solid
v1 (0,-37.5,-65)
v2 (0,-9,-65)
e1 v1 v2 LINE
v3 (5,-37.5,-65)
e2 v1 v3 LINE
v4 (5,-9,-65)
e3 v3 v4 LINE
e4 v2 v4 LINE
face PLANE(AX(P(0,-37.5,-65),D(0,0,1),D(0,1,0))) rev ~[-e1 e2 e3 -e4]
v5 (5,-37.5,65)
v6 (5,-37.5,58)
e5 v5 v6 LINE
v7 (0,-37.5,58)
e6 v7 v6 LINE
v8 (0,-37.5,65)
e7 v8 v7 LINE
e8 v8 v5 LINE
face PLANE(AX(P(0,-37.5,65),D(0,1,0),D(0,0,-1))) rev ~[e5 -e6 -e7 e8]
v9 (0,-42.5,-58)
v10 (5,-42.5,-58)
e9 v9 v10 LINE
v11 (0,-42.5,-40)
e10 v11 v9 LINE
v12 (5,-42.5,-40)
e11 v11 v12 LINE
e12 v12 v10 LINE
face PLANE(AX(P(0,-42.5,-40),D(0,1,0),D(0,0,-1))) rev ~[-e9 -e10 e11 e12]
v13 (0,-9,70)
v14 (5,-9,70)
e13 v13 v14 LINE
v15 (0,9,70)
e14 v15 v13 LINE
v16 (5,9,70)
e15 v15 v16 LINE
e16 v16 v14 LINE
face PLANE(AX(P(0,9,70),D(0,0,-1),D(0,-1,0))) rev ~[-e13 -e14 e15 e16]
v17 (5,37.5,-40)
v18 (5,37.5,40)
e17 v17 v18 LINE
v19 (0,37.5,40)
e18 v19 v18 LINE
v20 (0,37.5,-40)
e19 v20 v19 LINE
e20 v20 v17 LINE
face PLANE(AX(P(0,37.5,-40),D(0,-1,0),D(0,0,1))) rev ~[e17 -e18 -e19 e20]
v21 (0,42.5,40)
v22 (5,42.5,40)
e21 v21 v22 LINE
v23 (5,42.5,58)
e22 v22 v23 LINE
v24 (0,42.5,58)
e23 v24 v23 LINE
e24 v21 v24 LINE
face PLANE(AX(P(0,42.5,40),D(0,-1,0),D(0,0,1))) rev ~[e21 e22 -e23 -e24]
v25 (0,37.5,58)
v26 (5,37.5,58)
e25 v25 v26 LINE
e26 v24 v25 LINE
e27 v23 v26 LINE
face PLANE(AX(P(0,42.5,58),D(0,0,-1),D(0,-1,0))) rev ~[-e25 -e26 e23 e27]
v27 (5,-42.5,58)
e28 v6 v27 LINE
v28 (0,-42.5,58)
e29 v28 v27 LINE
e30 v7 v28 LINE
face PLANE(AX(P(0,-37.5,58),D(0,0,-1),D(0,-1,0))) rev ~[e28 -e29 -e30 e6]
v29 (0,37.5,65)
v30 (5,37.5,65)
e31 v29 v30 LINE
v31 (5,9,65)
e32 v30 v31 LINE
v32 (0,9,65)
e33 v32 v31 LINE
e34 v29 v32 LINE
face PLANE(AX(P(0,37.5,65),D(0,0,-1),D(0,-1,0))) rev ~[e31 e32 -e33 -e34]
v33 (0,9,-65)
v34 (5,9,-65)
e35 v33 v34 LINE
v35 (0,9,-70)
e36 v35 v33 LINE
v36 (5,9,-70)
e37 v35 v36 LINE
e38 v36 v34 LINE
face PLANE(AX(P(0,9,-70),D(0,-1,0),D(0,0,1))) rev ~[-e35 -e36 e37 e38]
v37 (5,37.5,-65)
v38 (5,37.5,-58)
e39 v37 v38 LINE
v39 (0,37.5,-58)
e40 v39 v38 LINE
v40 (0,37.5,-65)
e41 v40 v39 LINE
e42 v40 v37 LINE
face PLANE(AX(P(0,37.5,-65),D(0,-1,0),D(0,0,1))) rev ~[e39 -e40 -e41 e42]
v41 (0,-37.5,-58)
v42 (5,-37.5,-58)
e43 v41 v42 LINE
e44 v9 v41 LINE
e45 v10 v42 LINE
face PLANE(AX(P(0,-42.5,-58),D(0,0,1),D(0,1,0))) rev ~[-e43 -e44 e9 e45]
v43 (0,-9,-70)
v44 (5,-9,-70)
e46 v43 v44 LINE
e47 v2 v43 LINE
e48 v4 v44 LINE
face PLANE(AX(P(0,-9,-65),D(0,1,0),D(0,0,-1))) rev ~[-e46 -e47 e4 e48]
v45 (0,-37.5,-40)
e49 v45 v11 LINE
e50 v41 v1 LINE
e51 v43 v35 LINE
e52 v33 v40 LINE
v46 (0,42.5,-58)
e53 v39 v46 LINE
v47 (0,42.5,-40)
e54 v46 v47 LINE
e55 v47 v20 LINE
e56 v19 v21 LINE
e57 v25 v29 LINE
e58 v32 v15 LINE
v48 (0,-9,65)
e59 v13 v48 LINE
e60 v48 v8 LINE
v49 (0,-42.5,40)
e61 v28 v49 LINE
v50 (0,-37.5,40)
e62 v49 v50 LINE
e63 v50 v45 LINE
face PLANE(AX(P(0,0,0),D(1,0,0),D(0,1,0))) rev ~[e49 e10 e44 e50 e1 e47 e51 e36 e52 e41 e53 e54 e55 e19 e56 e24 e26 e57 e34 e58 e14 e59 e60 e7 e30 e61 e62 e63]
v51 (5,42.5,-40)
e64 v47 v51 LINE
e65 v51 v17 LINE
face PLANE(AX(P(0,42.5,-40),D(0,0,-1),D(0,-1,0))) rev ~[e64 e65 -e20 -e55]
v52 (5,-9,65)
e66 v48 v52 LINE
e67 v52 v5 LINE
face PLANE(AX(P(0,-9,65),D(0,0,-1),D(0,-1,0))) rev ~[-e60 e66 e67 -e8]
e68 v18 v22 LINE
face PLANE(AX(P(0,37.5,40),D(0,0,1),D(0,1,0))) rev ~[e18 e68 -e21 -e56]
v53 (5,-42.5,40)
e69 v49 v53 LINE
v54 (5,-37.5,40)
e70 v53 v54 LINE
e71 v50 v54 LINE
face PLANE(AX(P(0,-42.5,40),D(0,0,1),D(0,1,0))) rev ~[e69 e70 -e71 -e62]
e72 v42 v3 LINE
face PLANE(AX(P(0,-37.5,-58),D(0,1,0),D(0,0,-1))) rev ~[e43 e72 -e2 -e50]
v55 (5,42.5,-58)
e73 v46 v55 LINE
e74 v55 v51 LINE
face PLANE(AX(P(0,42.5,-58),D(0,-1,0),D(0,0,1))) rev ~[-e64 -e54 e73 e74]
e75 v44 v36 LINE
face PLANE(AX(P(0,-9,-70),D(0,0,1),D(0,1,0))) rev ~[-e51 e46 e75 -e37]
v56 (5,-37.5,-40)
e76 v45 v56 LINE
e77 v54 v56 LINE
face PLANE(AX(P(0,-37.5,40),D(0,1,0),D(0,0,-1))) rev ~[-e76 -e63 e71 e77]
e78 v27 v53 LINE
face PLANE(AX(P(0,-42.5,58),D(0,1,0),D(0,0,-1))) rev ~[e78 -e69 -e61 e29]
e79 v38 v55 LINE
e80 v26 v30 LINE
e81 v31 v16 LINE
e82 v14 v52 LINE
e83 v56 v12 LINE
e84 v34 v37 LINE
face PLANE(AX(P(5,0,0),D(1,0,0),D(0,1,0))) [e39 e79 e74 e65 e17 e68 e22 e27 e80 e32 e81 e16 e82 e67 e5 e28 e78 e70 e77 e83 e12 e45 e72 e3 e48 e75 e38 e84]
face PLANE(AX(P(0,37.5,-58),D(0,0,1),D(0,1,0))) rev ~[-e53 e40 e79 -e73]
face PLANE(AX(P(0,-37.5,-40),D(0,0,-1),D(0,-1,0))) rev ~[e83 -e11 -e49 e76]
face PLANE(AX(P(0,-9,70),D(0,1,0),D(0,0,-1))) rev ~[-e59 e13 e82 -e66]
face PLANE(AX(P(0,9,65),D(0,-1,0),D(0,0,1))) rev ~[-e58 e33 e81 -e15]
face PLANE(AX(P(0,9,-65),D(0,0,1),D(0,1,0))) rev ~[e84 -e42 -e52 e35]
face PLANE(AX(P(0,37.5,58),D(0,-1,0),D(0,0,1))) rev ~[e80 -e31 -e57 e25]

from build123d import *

# Parameters (mm, degrees)
F1_DEPTH = 5


with BuildPart() as f1:
    # F0 (on Right) → F1 (new body)
    with BuildSketch(Plane.YZ):
        Polygon((37.5, 58), (37.5, 65), (9, 65), (9, 70), (-9, 70), (-9, 65), (-37.5, 65), (-37.5, 58), (-42.5, 58), (-42.5, 40), (-37.5, 40), (-37.5, -40), (-42.5, -40), (-42.5, -58), (-37.5, -58), (-37.5, -65), (-9, -65), (-9, -70), (9, -70), (9, -65), (37.5, -65), (37.5, -58), (42.5, -58), (42.5, -40), (37.5, -40), (37.5, 40), (42.5, 40), (42.5, 58), align=None)
    extrude(amount=F1_DEPTH)


solid = f1.part
